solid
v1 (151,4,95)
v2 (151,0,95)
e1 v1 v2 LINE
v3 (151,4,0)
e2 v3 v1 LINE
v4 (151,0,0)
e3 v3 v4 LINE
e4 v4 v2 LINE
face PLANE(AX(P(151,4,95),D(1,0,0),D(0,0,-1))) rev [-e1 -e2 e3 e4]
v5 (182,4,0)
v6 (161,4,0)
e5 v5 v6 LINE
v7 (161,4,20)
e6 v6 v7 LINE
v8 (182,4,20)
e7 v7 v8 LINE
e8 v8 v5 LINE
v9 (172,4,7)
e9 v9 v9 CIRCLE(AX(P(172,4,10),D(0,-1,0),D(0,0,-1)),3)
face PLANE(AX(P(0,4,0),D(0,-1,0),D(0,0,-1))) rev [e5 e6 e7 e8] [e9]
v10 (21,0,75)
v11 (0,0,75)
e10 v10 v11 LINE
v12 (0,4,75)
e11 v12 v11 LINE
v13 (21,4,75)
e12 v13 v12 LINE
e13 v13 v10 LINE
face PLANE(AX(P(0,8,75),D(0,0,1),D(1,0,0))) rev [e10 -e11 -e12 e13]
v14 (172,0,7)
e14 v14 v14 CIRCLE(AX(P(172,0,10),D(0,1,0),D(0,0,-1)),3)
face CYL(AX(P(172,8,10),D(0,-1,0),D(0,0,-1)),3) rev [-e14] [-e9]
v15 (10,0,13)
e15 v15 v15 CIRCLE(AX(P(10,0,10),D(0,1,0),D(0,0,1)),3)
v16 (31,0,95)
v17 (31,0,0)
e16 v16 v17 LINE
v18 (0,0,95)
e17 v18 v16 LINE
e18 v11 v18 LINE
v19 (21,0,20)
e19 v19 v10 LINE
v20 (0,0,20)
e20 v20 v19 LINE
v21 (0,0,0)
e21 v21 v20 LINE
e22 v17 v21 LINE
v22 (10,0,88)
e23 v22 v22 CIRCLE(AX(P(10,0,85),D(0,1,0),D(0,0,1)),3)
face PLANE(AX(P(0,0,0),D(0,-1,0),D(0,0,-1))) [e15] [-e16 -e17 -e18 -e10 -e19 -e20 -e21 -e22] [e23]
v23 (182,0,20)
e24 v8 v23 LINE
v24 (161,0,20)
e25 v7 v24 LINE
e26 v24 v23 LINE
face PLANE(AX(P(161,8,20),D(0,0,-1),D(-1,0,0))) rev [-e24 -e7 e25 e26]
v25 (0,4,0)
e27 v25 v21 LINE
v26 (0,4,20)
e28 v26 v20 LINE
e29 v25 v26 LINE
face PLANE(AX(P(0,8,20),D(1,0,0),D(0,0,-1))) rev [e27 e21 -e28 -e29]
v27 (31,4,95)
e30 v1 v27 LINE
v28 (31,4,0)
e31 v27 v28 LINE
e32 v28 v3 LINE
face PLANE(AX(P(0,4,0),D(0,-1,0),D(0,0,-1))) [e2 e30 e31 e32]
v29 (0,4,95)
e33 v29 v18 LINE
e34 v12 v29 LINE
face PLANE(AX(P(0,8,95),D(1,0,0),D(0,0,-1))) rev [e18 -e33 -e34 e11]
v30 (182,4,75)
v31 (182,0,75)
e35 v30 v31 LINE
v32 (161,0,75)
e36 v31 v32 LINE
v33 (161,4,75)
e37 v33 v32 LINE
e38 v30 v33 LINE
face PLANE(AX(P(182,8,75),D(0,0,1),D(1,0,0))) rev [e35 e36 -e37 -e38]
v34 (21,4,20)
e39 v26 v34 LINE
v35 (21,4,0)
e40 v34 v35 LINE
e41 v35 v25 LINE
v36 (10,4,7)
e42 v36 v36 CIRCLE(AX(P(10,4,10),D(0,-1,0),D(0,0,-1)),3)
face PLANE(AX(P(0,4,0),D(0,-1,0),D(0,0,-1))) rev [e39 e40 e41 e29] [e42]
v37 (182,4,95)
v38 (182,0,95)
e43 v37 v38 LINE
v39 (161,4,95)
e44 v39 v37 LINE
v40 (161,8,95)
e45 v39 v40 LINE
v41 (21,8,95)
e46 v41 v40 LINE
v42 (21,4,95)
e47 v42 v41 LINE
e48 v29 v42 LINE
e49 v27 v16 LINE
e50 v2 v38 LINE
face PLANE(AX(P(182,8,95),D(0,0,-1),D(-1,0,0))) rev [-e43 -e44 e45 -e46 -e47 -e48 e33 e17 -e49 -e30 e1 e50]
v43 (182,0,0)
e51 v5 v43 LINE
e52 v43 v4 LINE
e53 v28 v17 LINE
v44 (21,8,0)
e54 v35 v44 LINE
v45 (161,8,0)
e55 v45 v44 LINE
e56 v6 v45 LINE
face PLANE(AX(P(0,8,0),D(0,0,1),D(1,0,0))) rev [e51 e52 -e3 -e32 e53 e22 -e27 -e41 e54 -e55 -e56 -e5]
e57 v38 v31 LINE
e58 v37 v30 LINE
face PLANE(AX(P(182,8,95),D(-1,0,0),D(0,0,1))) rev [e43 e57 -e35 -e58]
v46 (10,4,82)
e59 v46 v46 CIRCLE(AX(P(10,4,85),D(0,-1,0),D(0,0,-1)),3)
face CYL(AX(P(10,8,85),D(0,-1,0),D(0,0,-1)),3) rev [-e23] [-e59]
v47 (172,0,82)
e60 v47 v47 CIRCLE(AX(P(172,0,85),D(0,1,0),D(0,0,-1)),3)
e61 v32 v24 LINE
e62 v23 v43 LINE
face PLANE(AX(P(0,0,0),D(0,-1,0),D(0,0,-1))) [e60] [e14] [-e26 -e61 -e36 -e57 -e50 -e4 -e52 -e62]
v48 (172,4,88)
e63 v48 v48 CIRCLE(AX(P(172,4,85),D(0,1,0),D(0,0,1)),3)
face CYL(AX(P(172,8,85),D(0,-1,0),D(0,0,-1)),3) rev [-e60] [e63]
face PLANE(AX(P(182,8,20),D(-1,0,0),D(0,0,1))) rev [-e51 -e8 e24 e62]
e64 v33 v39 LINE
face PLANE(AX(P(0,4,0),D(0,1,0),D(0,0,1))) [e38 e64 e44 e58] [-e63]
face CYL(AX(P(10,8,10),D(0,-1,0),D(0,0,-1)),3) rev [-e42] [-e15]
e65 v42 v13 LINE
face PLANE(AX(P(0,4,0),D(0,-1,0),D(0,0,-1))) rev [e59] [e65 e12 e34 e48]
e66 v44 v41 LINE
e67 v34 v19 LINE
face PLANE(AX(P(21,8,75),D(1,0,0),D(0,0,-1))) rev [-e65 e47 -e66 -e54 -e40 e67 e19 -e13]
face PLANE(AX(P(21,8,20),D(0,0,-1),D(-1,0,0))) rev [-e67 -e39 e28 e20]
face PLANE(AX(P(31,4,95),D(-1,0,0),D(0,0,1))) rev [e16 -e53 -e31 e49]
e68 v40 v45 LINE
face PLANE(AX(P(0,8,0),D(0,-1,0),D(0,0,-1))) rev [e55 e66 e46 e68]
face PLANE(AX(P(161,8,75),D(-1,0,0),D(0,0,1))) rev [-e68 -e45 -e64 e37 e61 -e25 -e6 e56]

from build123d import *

# Parameters (mm, degrees)
SKETCH1_R           = 3
BOSS_EXTRUDE1_DEPTH = 8
SKETCH2_W           = 21
SKETCH2_H           = 20
CUT_EXTRUDE1_DEPTH  = 4
SKETCH3_W           = 120
SKETCH3_H           = 95
CUT_EXTRUDE2_DEPTH  = 4


with BuildPart() as part:
    # Sketch1 → Boss-Extrude1 (new body)
    with BuildSketch(Plane(origin=(0, 0, 0), x_dir=(1, 0, 0), z_dir=(0, 1, 0))):
        Polygon((0, 0), (21, 0), (161, 0), (182, 0), (182, -20), (161, -20), (161, -75), (182, -75), (182, -95), (0, -95), (0, -75), (21, -75), (21, -20), (0, -20), align=None)
        with Locations(Location((10, -10, 0), (0, 0, 270))):
            Circle(SKETCH1_R, mode=Mode.SUBTRACT)
        with Locations(Location((10, -85, 0), (0, 0, 270))):
            Circle(SKETCH1_R, mode=Mode.SUBTRACT)
        with Locations(Location((172, -10, 0), (0, 0, 90))):
            Circle(SKETCH1_R, mode=Mode.SUBTRACT)
        with Locations(Location((172, -85, 0), (0, 0, 90))):
            Circle(SKETCH1_R, mode=Mode.SUBTRACT)
    extrude(amount=BOSS_EXTRUDE1_DEPTH)

    # Sketch2 → Cut-Extrude1 (cut)
    with BuildSketch(Plane(origin=(0, 8, 0), x_dir=(1, 0, 0), z_dir=(0, 1, 0))):
        with Locations((10.5, -85)):
            Rectangle(SKETCH2_W, SKETCH2_H)
        with Locations((10.5, -10)):
            Rectangle(SKETCH2_W, SKETCH2_H)
        with Locations((171.5, -85)):
            Rectangle(SKETCH2_W, SKETCH2_H)
        with Locations((171.5, -10)):
            Rectangle(SKETCH2_W, SKETCH2_H)
    extrude(amount=-CUT_EXTRUDE1_DEPTH, mode=Mode.SUBTRACT)

    # Sketch3 → Cut-Extrude2 (cut)
    with BuildSketch(Plane.XZ):
        with Locations((91, 47.5)):
            Rectangle(SKETCH3_W, SKETCH3_H)
    extrude(amount=-CUT_EXTRUDE2_DEPTH, mode=Mode.SUBTRACT)


solid = part.part
